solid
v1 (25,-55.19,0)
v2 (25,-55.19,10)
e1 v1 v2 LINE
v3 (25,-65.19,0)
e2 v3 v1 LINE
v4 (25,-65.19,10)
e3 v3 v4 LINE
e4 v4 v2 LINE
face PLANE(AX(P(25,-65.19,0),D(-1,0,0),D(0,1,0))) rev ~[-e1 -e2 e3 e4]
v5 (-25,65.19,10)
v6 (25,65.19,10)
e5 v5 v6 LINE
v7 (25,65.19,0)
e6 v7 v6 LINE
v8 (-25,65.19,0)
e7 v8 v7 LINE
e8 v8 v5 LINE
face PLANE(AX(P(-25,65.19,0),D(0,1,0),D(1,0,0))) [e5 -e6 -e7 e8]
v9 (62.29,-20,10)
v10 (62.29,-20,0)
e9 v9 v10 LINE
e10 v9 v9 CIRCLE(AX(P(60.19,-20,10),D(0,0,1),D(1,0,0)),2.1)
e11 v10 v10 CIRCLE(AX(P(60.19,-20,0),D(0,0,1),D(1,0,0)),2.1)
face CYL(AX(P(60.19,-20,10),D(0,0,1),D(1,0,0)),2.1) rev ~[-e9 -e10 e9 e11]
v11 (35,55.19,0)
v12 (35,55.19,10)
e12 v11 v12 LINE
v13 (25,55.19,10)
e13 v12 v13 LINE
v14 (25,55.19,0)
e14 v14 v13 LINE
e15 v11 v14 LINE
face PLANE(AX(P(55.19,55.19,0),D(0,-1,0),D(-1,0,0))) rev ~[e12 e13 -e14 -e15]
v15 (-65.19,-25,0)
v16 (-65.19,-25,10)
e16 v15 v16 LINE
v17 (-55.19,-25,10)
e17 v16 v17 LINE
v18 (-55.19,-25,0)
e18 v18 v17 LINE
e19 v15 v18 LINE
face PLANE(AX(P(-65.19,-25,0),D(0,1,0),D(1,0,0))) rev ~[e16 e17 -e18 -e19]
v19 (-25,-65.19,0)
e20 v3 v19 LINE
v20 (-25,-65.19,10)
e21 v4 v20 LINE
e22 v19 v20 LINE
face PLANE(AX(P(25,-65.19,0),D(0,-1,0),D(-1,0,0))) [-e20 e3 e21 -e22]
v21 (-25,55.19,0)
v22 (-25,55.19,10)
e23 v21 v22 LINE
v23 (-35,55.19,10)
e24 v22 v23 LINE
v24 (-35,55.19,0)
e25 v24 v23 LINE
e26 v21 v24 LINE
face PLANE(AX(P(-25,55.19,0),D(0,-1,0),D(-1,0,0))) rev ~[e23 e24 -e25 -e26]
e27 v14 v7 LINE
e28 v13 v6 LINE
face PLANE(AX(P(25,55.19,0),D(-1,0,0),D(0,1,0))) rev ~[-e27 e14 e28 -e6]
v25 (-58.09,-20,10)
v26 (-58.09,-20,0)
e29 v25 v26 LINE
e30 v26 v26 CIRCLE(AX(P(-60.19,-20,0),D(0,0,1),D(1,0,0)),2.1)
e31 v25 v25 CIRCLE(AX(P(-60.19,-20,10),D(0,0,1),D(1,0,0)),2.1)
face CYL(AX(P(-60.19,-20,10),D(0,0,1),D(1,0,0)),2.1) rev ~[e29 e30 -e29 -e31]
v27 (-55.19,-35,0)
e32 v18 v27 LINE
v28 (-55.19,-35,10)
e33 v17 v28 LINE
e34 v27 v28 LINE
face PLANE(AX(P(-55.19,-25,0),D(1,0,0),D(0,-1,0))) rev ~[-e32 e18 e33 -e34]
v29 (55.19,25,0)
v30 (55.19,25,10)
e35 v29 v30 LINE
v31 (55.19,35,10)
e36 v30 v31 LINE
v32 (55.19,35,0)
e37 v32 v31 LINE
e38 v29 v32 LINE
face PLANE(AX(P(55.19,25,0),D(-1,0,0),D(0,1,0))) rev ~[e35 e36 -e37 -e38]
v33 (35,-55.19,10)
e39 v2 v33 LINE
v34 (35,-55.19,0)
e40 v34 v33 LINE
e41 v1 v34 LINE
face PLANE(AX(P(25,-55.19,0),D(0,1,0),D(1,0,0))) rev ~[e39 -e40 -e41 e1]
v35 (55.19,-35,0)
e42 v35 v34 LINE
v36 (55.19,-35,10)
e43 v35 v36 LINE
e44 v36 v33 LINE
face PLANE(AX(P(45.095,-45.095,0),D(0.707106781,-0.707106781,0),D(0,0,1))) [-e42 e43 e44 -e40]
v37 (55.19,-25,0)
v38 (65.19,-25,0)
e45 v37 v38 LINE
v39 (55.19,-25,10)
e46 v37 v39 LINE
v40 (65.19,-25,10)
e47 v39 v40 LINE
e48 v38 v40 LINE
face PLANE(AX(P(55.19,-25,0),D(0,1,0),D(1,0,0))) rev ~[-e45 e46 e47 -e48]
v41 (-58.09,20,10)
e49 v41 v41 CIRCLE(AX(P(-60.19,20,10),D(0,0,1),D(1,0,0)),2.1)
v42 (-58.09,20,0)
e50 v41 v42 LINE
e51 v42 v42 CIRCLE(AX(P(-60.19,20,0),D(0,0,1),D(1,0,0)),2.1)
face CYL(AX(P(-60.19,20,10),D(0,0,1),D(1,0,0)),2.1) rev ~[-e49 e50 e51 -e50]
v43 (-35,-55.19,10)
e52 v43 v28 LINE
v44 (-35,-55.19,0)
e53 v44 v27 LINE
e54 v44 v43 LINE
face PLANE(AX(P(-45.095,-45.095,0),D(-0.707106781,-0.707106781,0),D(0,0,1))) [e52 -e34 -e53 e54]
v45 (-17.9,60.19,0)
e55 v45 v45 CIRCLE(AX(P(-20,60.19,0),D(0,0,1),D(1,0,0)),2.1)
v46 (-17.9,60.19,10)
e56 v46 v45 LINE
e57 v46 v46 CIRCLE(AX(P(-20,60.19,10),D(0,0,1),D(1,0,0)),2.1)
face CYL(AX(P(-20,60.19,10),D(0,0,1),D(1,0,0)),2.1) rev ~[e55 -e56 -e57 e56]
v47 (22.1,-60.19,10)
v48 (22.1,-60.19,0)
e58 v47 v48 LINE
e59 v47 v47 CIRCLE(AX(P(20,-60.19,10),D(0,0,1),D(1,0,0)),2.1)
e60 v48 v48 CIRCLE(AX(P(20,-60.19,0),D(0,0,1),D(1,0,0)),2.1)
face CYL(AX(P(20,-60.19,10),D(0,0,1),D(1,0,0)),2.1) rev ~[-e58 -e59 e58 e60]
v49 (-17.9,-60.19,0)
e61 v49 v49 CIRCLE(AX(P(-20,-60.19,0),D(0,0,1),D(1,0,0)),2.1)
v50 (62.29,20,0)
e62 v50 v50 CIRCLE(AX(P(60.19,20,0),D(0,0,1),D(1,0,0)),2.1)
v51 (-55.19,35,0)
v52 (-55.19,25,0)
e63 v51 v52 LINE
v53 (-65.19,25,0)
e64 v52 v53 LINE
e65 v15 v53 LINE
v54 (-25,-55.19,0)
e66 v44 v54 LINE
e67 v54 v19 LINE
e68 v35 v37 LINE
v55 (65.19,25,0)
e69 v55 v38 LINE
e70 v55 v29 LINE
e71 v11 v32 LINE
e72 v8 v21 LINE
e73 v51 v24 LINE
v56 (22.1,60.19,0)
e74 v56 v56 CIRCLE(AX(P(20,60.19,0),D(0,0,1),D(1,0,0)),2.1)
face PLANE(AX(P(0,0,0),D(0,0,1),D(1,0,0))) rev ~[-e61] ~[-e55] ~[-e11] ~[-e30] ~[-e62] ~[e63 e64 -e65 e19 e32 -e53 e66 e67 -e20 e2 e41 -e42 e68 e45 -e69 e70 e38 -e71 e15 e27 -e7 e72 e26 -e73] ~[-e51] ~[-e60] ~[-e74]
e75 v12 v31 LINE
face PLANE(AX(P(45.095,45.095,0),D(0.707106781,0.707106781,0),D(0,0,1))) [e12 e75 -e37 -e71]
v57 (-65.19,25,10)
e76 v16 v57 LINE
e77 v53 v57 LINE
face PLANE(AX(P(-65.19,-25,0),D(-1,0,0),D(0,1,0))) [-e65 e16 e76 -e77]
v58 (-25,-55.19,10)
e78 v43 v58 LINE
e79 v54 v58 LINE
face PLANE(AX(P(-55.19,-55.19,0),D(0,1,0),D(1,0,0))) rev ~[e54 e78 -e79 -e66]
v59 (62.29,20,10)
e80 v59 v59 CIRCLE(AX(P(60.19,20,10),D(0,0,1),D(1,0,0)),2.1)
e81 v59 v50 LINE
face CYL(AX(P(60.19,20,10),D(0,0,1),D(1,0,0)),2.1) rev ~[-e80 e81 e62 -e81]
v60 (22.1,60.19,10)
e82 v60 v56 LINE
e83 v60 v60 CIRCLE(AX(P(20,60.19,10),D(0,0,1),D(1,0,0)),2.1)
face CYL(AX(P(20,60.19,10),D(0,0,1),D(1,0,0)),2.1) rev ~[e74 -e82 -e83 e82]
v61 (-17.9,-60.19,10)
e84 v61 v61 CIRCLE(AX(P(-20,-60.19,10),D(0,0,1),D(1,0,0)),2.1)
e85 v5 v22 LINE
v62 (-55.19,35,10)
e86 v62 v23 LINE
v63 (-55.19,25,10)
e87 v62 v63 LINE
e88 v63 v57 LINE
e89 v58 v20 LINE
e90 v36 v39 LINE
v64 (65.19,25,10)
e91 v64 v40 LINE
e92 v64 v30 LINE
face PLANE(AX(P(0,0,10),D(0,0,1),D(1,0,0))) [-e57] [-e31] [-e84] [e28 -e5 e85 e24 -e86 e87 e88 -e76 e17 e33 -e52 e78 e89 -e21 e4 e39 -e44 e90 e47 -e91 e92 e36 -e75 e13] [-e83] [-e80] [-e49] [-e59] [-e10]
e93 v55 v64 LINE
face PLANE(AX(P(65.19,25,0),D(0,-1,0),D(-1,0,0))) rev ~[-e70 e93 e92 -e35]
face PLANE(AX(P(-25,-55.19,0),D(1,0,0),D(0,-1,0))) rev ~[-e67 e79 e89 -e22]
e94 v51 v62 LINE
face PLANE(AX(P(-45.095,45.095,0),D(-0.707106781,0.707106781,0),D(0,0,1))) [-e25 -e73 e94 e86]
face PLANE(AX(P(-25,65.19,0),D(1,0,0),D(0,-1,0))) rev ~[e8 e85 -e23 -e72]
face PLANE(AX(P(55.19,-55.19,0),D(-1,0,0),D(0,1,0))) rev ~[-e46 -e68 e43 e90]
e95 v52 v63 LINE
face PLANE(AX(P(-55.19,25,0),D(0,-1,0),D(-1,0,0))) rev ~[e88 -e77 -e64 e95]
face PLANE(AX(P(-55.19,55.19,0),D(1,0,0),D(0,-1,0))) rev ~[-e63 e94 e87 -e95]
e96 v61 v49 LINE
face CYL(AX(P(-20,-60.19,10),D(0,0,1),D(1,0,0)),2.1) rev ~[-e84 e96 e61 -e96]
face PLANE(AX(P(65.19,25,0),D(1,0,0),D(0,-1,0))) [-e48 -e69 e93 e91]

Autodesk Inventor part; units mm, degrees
ref_plane "YZ Plane" through (0, 0, 0) normal (1, 0, 0) x (0, 1, 0)
ref_plane "XZ Plane" through (0, 0, 0) normal (0, 1, 0) x (-1, 0, 0)
ref_plane "XY Plane" through (0, 0, 0) normal (0, 0, 1) x (1, 0, 0)
sketch "Sketch1" plane through (0, 0, 0) normal (0, 0, 1) x (1, 0, 0)
  line L0 (-25, 65.19) -> (25, 65.19)
  line L1 (65.19, 25) -> (65.19, -25)
  line L2 (25, -65.19) -> (-25, -65.19)
  line L3 (-65.19, -25) -> (-65.19, 25)
  line L4 (-50.6308, 50.6308) -> (50.6308, -50.6308) construction
  line L5 (50, 50) -> (-50, -50) construction
  line L6 (-40, 40) -> (-50.6308, 50.6308) construction
  line L7 (-25, 65.19) -> (-25, 55.19)
  line L8 (-25, 55.19) -> (-55.19, 55.19)
  line L9 (-55.19, 55.19) -> (-55.19, 25)
  line L10 (-55.19, 25) -> (-65.19, 25)
  line L11 (-55.19, -25) -> (-55.19, -55.19)
  line L12 (-65.19, -25) -> (-55.19, -25)
  line L13 (-55.19, -55.19) -> (-25, -55.19)
  line L14 (-25, -55.19) -> (-25, -65.19)
  line L15 (-40, -40) -> (-50.6308, -50.6308) construction
  line L16 (25, -55.19) -> (55.19, -55.19)
  line L17 (25, -65.19) -> (25, -55.19)
  line L18 (55.19, -55.19) -> (55.19, -25)
  line L19 (55.19, -25) -> (65.19, -25)
  line L20 (40, -40) -> (50.6308, -50.6308) construction
  line L21 (55.19, 25) -> (55.19, 55.19)
  line L22 (65.19, 25) -> (55.19, 25)
  line L23 (55.19, 55.19) -> (25, 55.19)
  line L24 (25, 55.19) -> (25, 65.19)
  line L25 (40, 40) -> (50.6308, 50.6308) construction
  line L26 (0, 0) -> (0, 26.4544)
  point P0 (-45.3154, 45.3154)
  point P1 (-45.3154, -45.3154)
  point P2 (45.3154, -45.3154)
  point P3 (45.3154, 45.3154)
  dimension "d9" = 130.38
  dimension "d17" = 360
  dimension "d19" = 10
  dimension "d24" = 10
  dimension "d39" = 50
extrude "Extrusion1" add sketch "Sketch1" along normal blind 10
chamfer "Chamfer1" distance 20.19 angle 45 4 edges at (-55.19, 55.19, 5) (55.19, 55.19, 5) (55.19, -55.19, 5) (-55.19, -55.19, 5)
sketch "Sketch3" plane through (0, 0, 10) normal (0, 0, 1) x (1, 0, 0)
  circle A0 centre (-20, 60.19) radius 2.1
  line L0 (25, 65.19) -> (-25, 65.19) projected
  line L1 (-25, 65.19) -> (-25, 55.19) projected
  line L2 (0, 0) -> (0, 11.031)
  line L3 (0, 0) -> (10.2151, 0)
  circle A1 centre (20, 60.19) radius 2.1
  circle A2 centre (-60.19, -20) radius 2.1
  circle A3 centre (-60.19, 20) radius 2.1
  circle A4 centre (20, -60.19) radius 2.1
  circle A5 centre (-20, -60.19) radius 2.1
  circle A6 centre (60.19, 20) radius 2.1
  circle A7 centre (60.19, -20) radius 2.1
  dimension "d30" = 4.2
  dimension "d31" = 5
  dimension "d32" = 5
  dimension "d35" = 360
extrude "Extrusion3" cut sketch "Sketch3" against normal through all
properties part number "gearbox_top" material "PMMA Plastic"
